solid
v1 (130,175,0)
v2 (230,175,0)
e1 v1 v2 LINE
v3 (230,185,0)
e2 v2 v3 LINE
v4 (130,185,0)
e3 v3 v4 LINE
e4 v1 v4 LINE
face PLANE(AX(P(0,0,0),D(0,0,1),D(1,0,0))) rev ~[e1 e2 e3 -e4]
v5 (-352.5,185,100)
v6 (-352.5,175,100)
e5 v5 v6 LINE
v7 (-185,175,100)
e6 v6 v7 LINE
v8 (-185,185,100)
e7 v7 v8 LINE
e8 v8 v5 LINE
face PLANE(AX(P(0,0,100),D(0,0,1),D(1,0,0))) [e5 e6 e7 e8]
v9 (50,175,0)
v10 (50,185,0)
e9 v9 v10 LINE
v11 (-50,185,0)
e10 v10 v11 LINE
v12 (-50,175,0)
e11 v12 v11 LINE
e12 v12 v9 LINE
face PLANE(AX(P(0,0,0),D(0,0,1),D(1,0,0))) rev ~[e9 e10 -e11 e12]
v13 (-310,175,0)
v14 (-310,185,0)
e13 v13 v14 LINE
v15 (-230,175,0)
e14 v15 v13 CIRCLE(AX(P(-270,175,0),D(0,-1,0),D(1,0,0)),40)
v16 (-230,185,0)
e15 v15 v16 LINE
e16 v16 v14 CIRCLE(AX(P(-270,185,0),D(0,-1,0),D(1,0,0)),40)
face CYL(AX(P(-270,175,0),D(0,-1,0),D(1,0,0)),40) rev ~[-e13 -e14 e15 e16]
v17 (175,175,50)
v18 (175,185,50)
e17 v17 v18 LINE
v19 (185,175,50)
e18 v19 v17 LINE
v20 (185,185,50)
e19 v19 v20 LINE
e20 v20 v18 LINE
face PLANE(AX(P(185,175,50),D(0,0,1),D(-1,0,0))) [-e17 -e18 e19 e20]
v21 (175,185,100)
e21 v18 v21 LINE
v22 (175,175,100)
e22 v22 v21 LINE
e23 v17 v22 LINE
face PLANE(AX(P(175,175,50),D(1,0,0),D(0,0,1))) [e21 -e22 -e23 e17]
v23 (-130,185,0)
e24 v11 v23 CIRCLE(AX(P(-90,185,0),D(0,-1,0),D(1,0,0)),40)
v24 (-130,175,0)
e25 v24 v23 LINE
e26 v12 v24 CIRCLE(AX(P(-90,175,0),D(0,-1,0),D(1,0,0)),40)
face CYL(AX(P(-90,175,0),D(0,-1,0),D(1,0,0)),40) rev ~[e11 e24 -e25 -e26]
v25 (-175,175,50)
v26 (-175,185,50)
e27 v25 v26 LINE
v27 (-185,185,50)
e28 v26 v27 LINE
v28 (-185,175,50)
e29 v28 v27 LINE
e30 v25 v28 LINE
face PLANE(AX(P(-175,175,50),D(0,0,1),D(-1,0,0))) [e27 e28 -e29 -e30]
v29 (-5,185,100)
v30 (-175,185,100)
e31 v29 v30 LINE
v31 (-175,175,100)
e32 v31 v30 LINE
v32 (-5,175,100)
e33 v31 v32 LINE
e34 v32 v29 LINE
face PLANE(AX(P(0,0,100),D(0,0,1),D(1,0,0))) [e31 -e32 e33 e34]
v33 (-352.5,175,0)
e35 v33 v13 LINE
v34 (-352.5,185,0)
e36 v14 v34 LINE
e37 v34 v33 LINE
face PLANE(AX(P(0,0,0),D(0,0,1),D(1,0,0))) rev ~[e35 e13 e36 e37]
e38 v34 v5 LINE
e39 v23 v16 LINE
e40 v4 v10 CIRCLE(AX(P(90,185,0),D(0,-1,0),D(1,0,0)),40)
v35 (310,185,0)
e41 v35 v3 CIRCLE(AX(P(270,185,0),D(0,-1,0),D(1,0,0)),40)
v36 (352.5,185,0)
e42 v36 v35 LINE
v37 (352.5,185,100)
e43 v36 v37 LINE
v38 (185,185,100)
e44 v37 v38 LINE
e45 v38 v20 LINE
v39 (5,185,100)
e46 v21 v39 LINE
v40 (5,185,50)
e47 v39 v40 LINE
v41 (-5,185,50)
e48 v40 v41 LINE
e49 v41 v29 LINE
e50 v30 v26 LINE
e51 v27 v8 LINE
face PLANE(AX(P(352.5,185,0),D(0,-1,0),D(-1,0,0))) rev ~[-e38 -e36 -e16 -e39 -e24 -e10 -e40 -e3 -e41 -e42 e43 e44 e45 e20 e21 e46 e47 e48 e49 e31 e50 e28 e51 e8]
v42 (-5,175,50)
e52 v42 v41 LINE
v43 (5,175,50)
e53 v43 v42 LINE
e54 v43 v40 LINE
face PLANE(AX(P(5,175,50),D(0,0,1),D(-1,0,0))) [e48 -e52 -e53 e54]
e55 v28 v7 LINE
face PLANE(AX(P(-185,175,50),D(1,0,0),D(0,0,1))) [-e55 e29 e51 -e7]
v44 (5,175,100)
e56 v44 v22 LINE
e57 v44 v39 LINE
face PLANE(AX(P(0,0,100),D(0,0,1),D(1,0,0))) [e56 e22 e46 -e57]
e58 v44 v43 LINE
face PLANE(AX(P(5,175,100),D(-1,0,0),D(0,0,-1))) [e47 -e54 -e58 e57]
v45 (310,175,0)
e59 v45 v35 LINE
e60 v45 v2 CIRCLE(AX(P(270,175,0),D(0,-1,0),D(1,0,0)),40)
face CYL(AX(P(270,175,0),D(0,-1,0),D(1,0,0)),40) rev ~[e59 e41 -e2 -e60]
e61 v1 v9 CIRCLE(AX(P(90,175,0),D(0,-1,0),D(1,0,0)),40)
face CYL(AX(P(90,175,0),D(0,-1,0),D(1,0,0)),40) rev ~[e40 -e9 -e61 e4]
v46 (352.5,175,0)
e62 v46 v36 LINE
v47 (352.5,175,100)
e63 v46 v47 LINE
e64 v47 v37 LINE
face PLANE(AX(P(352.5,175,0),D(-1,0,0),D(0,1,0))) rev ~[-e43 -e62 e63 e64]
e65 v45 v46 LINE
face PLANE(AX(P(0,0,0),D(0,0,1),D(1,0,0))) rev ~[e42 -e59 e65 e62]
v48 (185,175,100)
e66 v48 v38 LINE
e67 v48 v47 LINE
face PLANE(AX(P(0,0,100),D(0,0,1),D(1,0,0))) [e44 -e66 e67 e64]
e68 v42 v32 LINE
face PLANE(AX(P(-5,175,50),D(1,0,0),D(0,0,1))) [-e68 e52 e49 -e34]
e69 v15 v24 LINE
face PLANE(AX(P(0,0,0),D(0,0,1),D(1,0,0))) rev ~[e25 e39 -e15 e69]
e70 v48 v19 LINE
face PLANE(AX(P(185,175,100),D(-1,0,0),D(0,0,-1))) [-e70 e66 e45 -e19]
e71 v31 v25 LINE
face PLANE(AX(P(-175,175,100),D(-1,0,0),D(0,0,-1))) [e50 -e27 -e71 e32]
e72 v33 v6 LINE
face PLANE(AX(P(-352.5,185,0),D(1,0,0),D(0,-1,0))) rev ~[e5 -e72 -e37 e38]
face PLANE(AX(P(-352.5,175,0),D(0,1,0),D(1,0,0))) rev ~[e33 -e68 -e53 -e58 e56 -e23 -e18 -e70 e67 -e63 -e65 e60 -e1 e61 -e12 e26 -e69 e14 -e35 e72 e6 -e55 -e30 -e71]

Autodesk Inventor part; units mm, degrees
ref_plane "YZ Plane" through (0, 0, 0) normal (1, 0, 0) x (0, 1, 0)
ref_plane "XZ Plane" through (0, 0, 0) normal (0, 1, 0) x (-1, 0, 0)
ref_plane "XY Plane" through (0, 0, 0) normal (0, 0, 1) x (1, 0, 0)
sketch "Sketch1" plane through (0, 0, 0) normal (0, 0, 1) x (1, 0, 0)
  circle A0 centre (0, 0) radius 400 construction
  line L0 (-352.5, 175) -> (352.5, 175)
  line L1 (352.5, 175) -> (352.5, 185)
  line L2 (352.5, 185) -> (-352.5, 185)
  line L3 (-352.5, 185) -> (-352.5, 175)
  line L4 (-352.5, 185) -> (352.5, 175) construction
  point P0 (0, 180)
  dimension "d0" = 800
  dimension "d24" = 10
  dimension "d25" = 180
  dimension "d26" = 705
extrude "Extrusion1" add sketch "Sketch1" along normal blind 100
sketch "Sketch3" plane through (-352.5, 175, 0) normal (0, -1, 0) x (1, 0, 0)
  line L0 (705, 0) -> (0, 0) projected
  circle A0 centre (82.5, 0) radius 40
  circle A1 centre (262.5, 0) radius 40
  circle A2 centre (442.5, 0) radius 40
  line L1 (0, 0) -> (705, 0) projected
  circle A3 centre (622.5, 0) radius 40
  line L2 (347.5, 100) -> (357.5, 100)
  line L3 (357.5, 100) -> (357.5, 50)
  line L4 (357.5, 50) -> (347.5, 50)
  line L5 (347.5, 50) -> (347.5, 100)
  line L6 (0, 100) -> (705, 100) projected
  line L7 (167.5, 100) -> (177.5, 100)
  line L8 (177.5, 100) -> (177.5, 50)
  line L9 (177.5, 50) -> (167.5, 50)
  line L10 (167.5, 50) -> (167.5, 100)
  line L11 (527.5, 100) -> (537.5, 100)
  line L12 (537.5, 100) -> (537.5, 50)
  line L13 (537.5, 50) -> (527.5, 50)
  line L14 (527.5, 50) -> (527.5, 100)
  point P0 (352.5, 0)
  point P1 (352.5, 0)
  point P2 (352.5, 100)
  point P3 (352.5, 100)
  point P4 (352.5, 100)
  point P5 (172.5, 100)
  point P6 (352.5, 100)
  point P7 (352.5, 100)
  point P8 (532.5, 100)
  point P9 (352.5, 100)
  point P10 (352.5, 100)
  point P11 (42.5, 0)
  point P12 (122.5, 0)
  point P13 (222.5, 0)
  point P14 (302.5, 0)
  point P15 (402.5, 0)
  point P16 (482.5, 0)
  point P17 (582.5, 0)
  point P18 (662.5, 0)
  dimension "d59" = 80
  dimension "d60" = 80
  dimension "d61" = 90
  dimension "d62" = 180
  dimension "d63" = 80
  dimension "d64" = 90
  dimension "d65" = 80
  dimension "d66" = 180
  dimension "d67" = 10
  dimension "d68" = 50
  dimension "d69" = 180
  dimension "d70" = 10
  dimension "d71" = 50
  dimension "d72" = 180
  dimension "d73" = 50
  dimension "d74" = 10
extrude "Extrusion3" cut sketch "Sketch3" against normal through all contours L0 A3 | L0 A0 | L0 A1 | L0 A2 | L6 L12 L13 L14 | L2 L3 L4 L5 | L8 L9 L10 L6 picked at (611.7131, 7.8371) picked at (84.0738, 20.5179) picked at (255.8333, 20.5179) picked at (435.8333, 20.5179)
equation "\"d70\" = d67"
equation "\"d71\" = d68"
equation "\"d73\" = d68"
equation "\"d74\" = d67"
equation "\"BendReliefWidth\" = Thickness"
equation "\"BendReliefDepth\" = 0.5 * Thickness"
equation "\"CornerReliefSize\" = 4 * Thickness"
equation "\"MinimumRemnant\" = 2 * Thickness"
equation "\"TransitionRadius\" = BendRadius"
equation "\"JacobiRadiusSize\" = BendRadius"
equation "\"GapSize\" = Thickness"
equation "\"Thickness\" = 2"
equation "\"BendRadius\" = 2.75"
properties part number "BSH 085 amplifier bottom" material "Stainless Steel"
